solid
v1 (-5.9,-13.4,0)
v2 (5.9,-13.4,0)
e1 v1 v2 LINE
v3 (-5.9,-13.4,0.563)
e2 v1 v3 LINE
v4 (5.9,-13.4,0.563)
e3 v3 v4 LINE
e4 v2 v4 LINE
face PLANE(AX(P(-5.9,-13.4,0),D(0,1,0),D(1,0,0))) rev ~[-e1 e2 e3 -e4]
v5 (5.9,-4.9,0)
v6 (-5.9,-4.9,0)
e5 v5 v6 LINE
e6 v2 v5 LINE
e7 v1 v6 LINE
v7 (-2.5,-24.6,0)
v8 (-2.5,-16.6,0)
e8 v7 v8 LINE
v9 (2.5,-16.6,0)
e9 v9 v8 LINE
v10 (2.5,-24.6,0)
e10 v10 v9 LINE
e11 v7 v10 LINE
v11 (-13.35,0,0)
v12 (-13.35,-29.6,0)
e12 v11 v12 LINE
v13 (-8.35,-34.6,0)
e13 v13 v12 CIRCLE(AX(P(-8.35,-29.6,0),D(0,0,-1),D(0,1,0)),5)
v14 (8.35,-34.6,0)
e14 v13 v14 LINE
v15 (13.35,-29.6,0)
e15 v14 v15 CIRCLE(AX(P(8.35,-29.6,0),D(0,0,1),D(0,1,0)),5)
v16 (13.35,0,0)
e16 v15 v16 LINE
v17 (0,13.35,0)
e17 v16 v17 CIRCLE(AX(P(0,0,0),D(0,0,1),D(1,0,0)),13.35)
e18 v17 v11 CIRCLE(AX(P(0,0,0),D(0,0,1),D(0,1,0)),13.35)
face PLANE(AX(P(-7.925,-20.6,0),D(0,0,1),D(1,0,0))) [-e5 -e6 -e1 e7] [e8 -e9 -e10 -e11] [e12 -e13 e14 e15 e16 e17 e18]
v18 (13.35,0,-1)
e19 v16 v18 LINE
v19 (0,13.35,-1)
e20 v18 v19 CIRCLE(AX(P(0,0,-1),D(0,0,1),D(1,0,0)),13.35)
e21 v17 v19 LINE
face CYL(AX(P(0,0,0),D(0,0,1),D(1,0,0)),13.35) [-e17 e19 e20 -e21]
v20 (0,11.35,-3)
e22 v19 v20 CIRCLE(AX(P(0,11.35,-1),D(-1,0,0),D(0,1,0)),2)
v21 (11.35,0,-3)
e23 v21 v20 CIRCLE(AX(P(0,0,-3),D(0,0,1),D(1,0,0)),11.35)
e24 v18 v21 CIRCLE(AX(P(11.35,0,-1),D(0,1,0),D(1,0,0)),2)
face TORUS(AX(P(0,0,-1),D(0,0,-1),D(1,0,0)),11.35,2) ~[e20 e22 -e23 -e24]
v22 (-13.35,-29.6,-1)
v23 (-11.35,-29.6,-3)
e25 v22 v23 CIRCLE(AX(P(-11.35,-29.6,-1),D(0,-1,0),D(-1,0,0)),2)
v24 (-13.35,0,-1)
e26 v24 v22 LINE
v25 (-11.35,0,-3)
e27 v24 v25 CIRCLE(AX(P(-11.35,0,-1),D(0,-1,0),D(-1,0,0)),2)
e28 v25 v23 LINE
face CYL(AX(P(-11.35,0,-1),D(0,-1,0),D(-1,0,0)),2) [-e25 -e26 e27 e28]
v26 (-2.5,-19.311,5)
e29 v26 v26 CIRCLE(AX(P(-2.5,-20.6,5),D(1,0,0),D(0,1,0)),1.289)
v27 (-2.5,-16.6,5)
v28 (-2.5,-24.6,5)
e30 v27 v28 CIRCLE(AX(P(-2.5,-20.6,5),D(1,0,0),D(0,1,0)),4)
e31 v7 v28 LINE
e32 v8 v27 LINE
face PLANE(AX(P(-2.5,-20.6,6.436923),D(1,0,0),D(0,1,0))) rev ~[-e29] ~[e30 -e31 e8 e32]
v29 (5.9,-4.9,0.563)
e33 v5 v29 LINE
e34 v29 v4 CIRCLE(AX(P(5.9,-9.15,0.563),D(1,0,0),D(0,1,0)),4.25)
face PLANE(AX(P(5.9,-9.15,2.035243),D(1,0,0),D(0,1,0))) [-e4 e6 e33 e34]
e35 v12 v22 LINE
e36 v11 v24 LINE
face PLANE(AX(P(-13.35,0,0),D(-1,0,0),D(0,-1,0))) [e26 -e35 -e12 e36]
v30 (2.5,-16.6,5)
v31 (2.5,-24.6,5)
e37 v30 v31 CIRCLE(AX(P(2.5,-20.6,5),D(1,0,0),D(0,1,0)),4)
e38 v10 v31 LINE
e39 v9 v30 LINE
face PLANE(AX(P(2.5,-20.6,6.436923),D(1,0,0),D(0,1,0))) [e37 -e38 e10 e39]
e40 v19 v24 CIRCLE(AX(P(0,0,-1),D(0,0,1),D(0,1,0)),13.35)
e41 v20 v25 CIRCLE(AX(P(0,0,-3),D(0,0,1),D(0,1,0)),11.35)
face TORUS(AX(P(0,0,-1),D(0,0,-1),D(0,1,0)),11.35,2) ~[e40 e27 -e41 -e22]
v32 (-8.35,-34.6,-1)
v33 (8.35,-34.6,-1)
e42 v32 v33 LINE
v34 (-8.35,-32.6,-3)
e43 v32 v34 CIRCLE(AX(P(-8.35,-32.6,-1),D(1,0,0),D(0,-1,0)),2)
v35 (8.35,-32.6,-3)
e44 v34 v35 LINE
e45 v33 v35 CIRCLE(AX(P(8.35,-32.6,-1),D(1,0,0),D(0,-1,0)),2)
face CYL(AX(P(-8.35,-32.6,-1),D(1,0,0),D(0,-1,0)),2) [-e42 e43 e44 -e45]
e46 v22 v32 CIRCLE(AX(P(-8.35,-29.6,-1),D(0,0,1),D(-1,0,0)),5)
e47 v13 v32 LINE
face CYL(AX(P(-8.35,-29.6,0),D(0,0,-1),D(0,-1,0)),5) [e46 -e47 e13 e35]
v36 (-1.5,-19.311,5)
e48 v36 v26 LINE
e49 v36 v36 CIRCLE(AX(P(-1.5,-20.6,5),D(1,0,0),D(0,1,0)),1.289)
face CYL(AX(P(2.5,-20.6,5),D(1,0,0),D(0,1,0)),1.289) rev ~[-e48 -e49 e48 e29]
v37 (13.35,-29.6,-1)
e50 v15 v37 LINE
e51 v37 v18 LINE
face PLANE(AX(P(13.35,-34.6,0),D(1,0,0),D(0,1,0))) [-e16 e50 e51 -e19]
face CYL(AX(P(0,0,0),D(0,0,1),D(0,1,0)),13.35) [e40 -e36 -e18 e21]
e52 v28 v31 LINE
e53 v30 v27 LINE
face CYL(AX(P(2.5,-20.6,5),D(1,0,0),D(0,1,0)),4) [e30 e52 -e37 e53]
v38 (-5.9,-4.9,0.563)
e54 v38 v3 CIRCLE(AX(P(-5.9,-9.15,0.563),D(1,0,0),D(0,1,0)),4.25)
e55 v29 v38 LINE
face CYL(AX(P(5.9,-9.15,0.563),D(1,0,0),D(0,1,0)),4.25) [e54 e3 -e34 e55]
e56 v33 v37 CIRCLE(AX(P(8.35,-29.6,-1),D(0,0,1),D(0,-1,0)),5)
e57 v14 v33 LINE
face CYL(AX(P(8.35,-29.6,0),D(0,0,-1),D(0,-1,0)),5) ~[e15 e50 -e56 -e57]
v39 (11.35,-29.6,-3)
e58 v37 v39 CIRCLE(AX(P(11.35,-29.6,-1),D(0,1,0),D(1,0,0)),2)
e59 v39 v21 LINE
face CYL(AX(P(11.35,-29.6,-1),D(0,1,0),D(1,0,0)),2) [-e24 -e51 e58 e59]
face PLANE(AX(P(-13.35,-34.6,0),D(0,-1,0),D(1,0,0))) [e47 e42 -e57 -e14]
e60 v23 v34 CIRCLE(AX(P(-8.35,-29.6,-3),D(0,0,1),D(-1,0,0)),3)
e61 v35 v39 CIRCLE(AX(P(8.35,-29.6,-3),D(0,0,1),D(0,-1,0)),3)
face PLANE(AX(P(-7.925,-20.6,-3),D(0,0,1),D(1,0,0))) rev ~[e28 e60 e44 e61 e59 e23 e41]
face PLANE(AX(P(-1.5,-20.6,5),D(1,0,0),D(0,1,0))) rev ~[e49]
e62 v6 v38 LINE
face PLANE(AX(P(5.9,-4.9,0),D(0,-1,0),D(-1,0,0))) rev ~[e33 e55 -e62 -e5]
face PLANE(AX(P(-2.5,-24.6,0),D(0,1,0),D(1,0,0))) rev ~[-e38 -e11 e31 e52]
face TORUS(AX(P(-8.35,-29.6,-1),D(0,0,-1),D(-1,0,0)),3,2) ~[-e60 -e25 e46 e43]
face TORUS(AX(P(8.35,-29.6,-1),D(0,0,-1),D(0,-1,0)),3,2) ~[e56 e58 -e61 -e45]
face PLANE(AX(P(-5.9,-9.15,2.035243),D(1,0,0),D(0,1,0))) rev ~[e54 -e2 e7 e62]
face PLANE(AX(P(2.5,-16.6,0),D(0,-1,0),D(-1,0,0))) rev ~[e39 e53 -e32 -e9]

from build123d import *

# Parameters (mm, degrees)
F0_W      = 10.85
F0_H      = 10
F0_W_2    = 2.5
F0_H_2    = 8
F0_W_3    = 7.45
F0_H_3    = 3.2
F0_H_4    = 8.5
F0_W_4    = 5.9
F1_DEPTH  = 3
F2_DEPTH  = 0.563
F3_DEPTH  = 5
F6_DEPTH  = 11.8
F7_DEPTH  = 5
F8_DEPTH  = 25
F9_R      = 2.056128731
F10_DEPTH = 1
F11_R     = 5
F12_R     = 5
F13_R     = 2
F14_DEPTH = 3


with BuildPart() as f1:
    # F0 (on Top) → F1 (new body)
    with BuildSketch(Plane.XY):
        Polygon((-5.9, -16.6), (-13.35, -16.6), (-13.35, -24.6), (-2.5, -24.6), (-2.5, -16.6), align=None)
        with Locations((-7.925, -29.6)):
            Rectangle(F0_W, F0_H)
        with Locations((1.25, -29.6)):
            Rectangle(F0_W_2, F0_H)
        with Locations((-1.25, -29.6)):
            Rectangle(F0_W_2, F0_H)
        with Locations((-1.25, -20.6)):
            Rectangle(F0_W_2, F0_H_2)
        with Locations((1.25, -20.6)):
            Rectangle(F0_W_2, F0_H_2)
        Polygon((13.35, -24.6), (13.35, -16.6), (5.9, -16.6), (2.5, -16.6), (2.5, -24.6), align=None)
        with Locations((7.925, -29.6)):
            Rectangle(F0_W, F0_H)
        Polygon((5.9, -13.4), (0, -13.4), (0, -16.6), (2.5, -16.6), (5.9, -16.6), align=None)
        with Locations((9.625, -15)):
            Rectangle(F0_W_3, F0_H_3)
        Polygon((0, -16.6), (0, -13.4), (-5.9, -13.4), (-5.9, -16.6), (-2.5, -16.6), align=None)
        with Locations((-9.625, -15)):
            Rectangle(F0_W_3, F0_H_3)
        with Locations((-9.625, -9.15)):
            Rectangle(F0_W_3, F0_H_4)
        with Locations((-2.95, -9.15)):
            Rectangle(F0_W_4, F0_H_4)
        with Locations((2.95, -9.15)):
            Rectangle(F0_W_4, F0_H_4)
        with Locations((9.625, -9.15)):
            Rectangle(F0_W_3, F0_H_4)
        with BuildLine():
            Line((13.35, -4.9), (13.35, 0))
            ThreePointArc((13.35, 0), (9.4398755288, 9.4398755288), (0, 13.35))
            Line((0, 13.35), (0, -4.9))
            Line((0, -4.9), (5.9, -4.9))
            Line((5.9, -4.9), (13.35, -4.9))
        make_face()
        with BuildLine():
            Line((0, -4.9), (0, 13.35))
            ThreePointArc((0, 13.35), (-9.4398755288, 9.4398755288), (-13.35, 0))
            Line((-13.35, 0), (-13.35, -4.9))
            Line((-13.35, -4.9), (-5.9, -4.9))
            Line((-5.9, -4.9), (0, -4.9))
        make_face()
    extrude(amount=-F1_DEPTH)

    # F0 (on Top) → F2 (join)
    with BuildSketch(Plane.XY):
        with Locations((-2.95, -9.15)):
            Rectangle(F0_W_4, F0_H_4)
        with Locations((2.95, -9.15)):
            Rectangle(F0_W_4, F0_H_4)
    extrude(amount=F2_DEPTH)

    # F0 (on Top) → F3 (join)
    with BuildSketch(Plane.XY):
        with Locations((1.25, -20.6)):
            Rectangle(F0_W_2, F0_H_2)
        with Locations((-1.25, -20.6)):
            Rectangle(F0_W_2, F0_H_2)
    extrude(amount=F3_DEPTH)

    # F5 (on face) → F6 (join)
    with BuildSketch(Plane.YZ.offset(5.9)):
        with BuildLine():
            Line((-13.4, 0.563), (-4.9, 0.563))
            ThreePointArc((-4.9, 0.563), (-9.15, 4.813), (-13.4, 0.563))
        make_face()
    extrude(amount=-F6_DEPTH)

    # F4 (on face) → F7 (join)
    with BuildSketch(Plane.YZ.offset(2.5)):
        with BuildLine():
            Line((-19.311, 5), (-16.6, 5))
            ThreePointArc((-16.6, 5), (-20.6, 9), (-24.6, 5))
            Line((-24.6, 5), (-21.889, 5))
            ThreePointArc((-21.889, 5), (-20.6, 6.289), (-19.311, 5))
        make_face()
    extrude(amount=-F7_DEPTH)

    # F4 (on face) → F8 (cut)
    with BuildSketch(Plane.YZ.offset(2.5)):
        with BuildLine():
            ThreePointArc((-21.889, 5), (-20.6, 3.711), (-19.311, 5))
            Line((-19.311, 5), (-21.889, 5))
        make_face()
        with BuildLine():
            Line((-21.889, 5), (-19.311, 5))
            ThreePointArc((-19.311, 5), (-20.6, 6.289), (-21.889, 5))
        make_face()
    extrude(amount=-F8_DEPTH, mode=Mode.SUBTRACT)

    # F9 (on face) → F10 (join)
    with BuildSketch(Plane.YZ.offset(2.5)):
        with Locations((-20.6, 5)):
            Circle(F9_R)
    extrude(amount=-F10_DEPTH)

    # F11
    f11_edges = [f1.edges().sort_by_distance(p)[0] for p in [
        (13.35, -34.6, -1.5),
    ]]
    fillet(f11_edges, radius=F11_R)

    # F12
    f12_edges = [f1.edges().sort_by_distance(p)[0] for p in [
        (-13.35, -34.6, -1.5),
    ]]
    fillet(f12_edges, radius=F12_R)

    # F13
    f13_edges = [f1.edges().sort_by_distance(p)[0] for p in [
        (0, -34.6, -3),
    ]]
    fillet(f13_edges, radius=F13_R)

    # F14 (add): a face of the model
    f14_faces = [f1.faces().sort_by_distance(p)[0] for p in [
        (1.5, -20.6, 5),
    ]]
    extrude(f14_faces, amount=F14_DEPTH)


solid = f1.part
